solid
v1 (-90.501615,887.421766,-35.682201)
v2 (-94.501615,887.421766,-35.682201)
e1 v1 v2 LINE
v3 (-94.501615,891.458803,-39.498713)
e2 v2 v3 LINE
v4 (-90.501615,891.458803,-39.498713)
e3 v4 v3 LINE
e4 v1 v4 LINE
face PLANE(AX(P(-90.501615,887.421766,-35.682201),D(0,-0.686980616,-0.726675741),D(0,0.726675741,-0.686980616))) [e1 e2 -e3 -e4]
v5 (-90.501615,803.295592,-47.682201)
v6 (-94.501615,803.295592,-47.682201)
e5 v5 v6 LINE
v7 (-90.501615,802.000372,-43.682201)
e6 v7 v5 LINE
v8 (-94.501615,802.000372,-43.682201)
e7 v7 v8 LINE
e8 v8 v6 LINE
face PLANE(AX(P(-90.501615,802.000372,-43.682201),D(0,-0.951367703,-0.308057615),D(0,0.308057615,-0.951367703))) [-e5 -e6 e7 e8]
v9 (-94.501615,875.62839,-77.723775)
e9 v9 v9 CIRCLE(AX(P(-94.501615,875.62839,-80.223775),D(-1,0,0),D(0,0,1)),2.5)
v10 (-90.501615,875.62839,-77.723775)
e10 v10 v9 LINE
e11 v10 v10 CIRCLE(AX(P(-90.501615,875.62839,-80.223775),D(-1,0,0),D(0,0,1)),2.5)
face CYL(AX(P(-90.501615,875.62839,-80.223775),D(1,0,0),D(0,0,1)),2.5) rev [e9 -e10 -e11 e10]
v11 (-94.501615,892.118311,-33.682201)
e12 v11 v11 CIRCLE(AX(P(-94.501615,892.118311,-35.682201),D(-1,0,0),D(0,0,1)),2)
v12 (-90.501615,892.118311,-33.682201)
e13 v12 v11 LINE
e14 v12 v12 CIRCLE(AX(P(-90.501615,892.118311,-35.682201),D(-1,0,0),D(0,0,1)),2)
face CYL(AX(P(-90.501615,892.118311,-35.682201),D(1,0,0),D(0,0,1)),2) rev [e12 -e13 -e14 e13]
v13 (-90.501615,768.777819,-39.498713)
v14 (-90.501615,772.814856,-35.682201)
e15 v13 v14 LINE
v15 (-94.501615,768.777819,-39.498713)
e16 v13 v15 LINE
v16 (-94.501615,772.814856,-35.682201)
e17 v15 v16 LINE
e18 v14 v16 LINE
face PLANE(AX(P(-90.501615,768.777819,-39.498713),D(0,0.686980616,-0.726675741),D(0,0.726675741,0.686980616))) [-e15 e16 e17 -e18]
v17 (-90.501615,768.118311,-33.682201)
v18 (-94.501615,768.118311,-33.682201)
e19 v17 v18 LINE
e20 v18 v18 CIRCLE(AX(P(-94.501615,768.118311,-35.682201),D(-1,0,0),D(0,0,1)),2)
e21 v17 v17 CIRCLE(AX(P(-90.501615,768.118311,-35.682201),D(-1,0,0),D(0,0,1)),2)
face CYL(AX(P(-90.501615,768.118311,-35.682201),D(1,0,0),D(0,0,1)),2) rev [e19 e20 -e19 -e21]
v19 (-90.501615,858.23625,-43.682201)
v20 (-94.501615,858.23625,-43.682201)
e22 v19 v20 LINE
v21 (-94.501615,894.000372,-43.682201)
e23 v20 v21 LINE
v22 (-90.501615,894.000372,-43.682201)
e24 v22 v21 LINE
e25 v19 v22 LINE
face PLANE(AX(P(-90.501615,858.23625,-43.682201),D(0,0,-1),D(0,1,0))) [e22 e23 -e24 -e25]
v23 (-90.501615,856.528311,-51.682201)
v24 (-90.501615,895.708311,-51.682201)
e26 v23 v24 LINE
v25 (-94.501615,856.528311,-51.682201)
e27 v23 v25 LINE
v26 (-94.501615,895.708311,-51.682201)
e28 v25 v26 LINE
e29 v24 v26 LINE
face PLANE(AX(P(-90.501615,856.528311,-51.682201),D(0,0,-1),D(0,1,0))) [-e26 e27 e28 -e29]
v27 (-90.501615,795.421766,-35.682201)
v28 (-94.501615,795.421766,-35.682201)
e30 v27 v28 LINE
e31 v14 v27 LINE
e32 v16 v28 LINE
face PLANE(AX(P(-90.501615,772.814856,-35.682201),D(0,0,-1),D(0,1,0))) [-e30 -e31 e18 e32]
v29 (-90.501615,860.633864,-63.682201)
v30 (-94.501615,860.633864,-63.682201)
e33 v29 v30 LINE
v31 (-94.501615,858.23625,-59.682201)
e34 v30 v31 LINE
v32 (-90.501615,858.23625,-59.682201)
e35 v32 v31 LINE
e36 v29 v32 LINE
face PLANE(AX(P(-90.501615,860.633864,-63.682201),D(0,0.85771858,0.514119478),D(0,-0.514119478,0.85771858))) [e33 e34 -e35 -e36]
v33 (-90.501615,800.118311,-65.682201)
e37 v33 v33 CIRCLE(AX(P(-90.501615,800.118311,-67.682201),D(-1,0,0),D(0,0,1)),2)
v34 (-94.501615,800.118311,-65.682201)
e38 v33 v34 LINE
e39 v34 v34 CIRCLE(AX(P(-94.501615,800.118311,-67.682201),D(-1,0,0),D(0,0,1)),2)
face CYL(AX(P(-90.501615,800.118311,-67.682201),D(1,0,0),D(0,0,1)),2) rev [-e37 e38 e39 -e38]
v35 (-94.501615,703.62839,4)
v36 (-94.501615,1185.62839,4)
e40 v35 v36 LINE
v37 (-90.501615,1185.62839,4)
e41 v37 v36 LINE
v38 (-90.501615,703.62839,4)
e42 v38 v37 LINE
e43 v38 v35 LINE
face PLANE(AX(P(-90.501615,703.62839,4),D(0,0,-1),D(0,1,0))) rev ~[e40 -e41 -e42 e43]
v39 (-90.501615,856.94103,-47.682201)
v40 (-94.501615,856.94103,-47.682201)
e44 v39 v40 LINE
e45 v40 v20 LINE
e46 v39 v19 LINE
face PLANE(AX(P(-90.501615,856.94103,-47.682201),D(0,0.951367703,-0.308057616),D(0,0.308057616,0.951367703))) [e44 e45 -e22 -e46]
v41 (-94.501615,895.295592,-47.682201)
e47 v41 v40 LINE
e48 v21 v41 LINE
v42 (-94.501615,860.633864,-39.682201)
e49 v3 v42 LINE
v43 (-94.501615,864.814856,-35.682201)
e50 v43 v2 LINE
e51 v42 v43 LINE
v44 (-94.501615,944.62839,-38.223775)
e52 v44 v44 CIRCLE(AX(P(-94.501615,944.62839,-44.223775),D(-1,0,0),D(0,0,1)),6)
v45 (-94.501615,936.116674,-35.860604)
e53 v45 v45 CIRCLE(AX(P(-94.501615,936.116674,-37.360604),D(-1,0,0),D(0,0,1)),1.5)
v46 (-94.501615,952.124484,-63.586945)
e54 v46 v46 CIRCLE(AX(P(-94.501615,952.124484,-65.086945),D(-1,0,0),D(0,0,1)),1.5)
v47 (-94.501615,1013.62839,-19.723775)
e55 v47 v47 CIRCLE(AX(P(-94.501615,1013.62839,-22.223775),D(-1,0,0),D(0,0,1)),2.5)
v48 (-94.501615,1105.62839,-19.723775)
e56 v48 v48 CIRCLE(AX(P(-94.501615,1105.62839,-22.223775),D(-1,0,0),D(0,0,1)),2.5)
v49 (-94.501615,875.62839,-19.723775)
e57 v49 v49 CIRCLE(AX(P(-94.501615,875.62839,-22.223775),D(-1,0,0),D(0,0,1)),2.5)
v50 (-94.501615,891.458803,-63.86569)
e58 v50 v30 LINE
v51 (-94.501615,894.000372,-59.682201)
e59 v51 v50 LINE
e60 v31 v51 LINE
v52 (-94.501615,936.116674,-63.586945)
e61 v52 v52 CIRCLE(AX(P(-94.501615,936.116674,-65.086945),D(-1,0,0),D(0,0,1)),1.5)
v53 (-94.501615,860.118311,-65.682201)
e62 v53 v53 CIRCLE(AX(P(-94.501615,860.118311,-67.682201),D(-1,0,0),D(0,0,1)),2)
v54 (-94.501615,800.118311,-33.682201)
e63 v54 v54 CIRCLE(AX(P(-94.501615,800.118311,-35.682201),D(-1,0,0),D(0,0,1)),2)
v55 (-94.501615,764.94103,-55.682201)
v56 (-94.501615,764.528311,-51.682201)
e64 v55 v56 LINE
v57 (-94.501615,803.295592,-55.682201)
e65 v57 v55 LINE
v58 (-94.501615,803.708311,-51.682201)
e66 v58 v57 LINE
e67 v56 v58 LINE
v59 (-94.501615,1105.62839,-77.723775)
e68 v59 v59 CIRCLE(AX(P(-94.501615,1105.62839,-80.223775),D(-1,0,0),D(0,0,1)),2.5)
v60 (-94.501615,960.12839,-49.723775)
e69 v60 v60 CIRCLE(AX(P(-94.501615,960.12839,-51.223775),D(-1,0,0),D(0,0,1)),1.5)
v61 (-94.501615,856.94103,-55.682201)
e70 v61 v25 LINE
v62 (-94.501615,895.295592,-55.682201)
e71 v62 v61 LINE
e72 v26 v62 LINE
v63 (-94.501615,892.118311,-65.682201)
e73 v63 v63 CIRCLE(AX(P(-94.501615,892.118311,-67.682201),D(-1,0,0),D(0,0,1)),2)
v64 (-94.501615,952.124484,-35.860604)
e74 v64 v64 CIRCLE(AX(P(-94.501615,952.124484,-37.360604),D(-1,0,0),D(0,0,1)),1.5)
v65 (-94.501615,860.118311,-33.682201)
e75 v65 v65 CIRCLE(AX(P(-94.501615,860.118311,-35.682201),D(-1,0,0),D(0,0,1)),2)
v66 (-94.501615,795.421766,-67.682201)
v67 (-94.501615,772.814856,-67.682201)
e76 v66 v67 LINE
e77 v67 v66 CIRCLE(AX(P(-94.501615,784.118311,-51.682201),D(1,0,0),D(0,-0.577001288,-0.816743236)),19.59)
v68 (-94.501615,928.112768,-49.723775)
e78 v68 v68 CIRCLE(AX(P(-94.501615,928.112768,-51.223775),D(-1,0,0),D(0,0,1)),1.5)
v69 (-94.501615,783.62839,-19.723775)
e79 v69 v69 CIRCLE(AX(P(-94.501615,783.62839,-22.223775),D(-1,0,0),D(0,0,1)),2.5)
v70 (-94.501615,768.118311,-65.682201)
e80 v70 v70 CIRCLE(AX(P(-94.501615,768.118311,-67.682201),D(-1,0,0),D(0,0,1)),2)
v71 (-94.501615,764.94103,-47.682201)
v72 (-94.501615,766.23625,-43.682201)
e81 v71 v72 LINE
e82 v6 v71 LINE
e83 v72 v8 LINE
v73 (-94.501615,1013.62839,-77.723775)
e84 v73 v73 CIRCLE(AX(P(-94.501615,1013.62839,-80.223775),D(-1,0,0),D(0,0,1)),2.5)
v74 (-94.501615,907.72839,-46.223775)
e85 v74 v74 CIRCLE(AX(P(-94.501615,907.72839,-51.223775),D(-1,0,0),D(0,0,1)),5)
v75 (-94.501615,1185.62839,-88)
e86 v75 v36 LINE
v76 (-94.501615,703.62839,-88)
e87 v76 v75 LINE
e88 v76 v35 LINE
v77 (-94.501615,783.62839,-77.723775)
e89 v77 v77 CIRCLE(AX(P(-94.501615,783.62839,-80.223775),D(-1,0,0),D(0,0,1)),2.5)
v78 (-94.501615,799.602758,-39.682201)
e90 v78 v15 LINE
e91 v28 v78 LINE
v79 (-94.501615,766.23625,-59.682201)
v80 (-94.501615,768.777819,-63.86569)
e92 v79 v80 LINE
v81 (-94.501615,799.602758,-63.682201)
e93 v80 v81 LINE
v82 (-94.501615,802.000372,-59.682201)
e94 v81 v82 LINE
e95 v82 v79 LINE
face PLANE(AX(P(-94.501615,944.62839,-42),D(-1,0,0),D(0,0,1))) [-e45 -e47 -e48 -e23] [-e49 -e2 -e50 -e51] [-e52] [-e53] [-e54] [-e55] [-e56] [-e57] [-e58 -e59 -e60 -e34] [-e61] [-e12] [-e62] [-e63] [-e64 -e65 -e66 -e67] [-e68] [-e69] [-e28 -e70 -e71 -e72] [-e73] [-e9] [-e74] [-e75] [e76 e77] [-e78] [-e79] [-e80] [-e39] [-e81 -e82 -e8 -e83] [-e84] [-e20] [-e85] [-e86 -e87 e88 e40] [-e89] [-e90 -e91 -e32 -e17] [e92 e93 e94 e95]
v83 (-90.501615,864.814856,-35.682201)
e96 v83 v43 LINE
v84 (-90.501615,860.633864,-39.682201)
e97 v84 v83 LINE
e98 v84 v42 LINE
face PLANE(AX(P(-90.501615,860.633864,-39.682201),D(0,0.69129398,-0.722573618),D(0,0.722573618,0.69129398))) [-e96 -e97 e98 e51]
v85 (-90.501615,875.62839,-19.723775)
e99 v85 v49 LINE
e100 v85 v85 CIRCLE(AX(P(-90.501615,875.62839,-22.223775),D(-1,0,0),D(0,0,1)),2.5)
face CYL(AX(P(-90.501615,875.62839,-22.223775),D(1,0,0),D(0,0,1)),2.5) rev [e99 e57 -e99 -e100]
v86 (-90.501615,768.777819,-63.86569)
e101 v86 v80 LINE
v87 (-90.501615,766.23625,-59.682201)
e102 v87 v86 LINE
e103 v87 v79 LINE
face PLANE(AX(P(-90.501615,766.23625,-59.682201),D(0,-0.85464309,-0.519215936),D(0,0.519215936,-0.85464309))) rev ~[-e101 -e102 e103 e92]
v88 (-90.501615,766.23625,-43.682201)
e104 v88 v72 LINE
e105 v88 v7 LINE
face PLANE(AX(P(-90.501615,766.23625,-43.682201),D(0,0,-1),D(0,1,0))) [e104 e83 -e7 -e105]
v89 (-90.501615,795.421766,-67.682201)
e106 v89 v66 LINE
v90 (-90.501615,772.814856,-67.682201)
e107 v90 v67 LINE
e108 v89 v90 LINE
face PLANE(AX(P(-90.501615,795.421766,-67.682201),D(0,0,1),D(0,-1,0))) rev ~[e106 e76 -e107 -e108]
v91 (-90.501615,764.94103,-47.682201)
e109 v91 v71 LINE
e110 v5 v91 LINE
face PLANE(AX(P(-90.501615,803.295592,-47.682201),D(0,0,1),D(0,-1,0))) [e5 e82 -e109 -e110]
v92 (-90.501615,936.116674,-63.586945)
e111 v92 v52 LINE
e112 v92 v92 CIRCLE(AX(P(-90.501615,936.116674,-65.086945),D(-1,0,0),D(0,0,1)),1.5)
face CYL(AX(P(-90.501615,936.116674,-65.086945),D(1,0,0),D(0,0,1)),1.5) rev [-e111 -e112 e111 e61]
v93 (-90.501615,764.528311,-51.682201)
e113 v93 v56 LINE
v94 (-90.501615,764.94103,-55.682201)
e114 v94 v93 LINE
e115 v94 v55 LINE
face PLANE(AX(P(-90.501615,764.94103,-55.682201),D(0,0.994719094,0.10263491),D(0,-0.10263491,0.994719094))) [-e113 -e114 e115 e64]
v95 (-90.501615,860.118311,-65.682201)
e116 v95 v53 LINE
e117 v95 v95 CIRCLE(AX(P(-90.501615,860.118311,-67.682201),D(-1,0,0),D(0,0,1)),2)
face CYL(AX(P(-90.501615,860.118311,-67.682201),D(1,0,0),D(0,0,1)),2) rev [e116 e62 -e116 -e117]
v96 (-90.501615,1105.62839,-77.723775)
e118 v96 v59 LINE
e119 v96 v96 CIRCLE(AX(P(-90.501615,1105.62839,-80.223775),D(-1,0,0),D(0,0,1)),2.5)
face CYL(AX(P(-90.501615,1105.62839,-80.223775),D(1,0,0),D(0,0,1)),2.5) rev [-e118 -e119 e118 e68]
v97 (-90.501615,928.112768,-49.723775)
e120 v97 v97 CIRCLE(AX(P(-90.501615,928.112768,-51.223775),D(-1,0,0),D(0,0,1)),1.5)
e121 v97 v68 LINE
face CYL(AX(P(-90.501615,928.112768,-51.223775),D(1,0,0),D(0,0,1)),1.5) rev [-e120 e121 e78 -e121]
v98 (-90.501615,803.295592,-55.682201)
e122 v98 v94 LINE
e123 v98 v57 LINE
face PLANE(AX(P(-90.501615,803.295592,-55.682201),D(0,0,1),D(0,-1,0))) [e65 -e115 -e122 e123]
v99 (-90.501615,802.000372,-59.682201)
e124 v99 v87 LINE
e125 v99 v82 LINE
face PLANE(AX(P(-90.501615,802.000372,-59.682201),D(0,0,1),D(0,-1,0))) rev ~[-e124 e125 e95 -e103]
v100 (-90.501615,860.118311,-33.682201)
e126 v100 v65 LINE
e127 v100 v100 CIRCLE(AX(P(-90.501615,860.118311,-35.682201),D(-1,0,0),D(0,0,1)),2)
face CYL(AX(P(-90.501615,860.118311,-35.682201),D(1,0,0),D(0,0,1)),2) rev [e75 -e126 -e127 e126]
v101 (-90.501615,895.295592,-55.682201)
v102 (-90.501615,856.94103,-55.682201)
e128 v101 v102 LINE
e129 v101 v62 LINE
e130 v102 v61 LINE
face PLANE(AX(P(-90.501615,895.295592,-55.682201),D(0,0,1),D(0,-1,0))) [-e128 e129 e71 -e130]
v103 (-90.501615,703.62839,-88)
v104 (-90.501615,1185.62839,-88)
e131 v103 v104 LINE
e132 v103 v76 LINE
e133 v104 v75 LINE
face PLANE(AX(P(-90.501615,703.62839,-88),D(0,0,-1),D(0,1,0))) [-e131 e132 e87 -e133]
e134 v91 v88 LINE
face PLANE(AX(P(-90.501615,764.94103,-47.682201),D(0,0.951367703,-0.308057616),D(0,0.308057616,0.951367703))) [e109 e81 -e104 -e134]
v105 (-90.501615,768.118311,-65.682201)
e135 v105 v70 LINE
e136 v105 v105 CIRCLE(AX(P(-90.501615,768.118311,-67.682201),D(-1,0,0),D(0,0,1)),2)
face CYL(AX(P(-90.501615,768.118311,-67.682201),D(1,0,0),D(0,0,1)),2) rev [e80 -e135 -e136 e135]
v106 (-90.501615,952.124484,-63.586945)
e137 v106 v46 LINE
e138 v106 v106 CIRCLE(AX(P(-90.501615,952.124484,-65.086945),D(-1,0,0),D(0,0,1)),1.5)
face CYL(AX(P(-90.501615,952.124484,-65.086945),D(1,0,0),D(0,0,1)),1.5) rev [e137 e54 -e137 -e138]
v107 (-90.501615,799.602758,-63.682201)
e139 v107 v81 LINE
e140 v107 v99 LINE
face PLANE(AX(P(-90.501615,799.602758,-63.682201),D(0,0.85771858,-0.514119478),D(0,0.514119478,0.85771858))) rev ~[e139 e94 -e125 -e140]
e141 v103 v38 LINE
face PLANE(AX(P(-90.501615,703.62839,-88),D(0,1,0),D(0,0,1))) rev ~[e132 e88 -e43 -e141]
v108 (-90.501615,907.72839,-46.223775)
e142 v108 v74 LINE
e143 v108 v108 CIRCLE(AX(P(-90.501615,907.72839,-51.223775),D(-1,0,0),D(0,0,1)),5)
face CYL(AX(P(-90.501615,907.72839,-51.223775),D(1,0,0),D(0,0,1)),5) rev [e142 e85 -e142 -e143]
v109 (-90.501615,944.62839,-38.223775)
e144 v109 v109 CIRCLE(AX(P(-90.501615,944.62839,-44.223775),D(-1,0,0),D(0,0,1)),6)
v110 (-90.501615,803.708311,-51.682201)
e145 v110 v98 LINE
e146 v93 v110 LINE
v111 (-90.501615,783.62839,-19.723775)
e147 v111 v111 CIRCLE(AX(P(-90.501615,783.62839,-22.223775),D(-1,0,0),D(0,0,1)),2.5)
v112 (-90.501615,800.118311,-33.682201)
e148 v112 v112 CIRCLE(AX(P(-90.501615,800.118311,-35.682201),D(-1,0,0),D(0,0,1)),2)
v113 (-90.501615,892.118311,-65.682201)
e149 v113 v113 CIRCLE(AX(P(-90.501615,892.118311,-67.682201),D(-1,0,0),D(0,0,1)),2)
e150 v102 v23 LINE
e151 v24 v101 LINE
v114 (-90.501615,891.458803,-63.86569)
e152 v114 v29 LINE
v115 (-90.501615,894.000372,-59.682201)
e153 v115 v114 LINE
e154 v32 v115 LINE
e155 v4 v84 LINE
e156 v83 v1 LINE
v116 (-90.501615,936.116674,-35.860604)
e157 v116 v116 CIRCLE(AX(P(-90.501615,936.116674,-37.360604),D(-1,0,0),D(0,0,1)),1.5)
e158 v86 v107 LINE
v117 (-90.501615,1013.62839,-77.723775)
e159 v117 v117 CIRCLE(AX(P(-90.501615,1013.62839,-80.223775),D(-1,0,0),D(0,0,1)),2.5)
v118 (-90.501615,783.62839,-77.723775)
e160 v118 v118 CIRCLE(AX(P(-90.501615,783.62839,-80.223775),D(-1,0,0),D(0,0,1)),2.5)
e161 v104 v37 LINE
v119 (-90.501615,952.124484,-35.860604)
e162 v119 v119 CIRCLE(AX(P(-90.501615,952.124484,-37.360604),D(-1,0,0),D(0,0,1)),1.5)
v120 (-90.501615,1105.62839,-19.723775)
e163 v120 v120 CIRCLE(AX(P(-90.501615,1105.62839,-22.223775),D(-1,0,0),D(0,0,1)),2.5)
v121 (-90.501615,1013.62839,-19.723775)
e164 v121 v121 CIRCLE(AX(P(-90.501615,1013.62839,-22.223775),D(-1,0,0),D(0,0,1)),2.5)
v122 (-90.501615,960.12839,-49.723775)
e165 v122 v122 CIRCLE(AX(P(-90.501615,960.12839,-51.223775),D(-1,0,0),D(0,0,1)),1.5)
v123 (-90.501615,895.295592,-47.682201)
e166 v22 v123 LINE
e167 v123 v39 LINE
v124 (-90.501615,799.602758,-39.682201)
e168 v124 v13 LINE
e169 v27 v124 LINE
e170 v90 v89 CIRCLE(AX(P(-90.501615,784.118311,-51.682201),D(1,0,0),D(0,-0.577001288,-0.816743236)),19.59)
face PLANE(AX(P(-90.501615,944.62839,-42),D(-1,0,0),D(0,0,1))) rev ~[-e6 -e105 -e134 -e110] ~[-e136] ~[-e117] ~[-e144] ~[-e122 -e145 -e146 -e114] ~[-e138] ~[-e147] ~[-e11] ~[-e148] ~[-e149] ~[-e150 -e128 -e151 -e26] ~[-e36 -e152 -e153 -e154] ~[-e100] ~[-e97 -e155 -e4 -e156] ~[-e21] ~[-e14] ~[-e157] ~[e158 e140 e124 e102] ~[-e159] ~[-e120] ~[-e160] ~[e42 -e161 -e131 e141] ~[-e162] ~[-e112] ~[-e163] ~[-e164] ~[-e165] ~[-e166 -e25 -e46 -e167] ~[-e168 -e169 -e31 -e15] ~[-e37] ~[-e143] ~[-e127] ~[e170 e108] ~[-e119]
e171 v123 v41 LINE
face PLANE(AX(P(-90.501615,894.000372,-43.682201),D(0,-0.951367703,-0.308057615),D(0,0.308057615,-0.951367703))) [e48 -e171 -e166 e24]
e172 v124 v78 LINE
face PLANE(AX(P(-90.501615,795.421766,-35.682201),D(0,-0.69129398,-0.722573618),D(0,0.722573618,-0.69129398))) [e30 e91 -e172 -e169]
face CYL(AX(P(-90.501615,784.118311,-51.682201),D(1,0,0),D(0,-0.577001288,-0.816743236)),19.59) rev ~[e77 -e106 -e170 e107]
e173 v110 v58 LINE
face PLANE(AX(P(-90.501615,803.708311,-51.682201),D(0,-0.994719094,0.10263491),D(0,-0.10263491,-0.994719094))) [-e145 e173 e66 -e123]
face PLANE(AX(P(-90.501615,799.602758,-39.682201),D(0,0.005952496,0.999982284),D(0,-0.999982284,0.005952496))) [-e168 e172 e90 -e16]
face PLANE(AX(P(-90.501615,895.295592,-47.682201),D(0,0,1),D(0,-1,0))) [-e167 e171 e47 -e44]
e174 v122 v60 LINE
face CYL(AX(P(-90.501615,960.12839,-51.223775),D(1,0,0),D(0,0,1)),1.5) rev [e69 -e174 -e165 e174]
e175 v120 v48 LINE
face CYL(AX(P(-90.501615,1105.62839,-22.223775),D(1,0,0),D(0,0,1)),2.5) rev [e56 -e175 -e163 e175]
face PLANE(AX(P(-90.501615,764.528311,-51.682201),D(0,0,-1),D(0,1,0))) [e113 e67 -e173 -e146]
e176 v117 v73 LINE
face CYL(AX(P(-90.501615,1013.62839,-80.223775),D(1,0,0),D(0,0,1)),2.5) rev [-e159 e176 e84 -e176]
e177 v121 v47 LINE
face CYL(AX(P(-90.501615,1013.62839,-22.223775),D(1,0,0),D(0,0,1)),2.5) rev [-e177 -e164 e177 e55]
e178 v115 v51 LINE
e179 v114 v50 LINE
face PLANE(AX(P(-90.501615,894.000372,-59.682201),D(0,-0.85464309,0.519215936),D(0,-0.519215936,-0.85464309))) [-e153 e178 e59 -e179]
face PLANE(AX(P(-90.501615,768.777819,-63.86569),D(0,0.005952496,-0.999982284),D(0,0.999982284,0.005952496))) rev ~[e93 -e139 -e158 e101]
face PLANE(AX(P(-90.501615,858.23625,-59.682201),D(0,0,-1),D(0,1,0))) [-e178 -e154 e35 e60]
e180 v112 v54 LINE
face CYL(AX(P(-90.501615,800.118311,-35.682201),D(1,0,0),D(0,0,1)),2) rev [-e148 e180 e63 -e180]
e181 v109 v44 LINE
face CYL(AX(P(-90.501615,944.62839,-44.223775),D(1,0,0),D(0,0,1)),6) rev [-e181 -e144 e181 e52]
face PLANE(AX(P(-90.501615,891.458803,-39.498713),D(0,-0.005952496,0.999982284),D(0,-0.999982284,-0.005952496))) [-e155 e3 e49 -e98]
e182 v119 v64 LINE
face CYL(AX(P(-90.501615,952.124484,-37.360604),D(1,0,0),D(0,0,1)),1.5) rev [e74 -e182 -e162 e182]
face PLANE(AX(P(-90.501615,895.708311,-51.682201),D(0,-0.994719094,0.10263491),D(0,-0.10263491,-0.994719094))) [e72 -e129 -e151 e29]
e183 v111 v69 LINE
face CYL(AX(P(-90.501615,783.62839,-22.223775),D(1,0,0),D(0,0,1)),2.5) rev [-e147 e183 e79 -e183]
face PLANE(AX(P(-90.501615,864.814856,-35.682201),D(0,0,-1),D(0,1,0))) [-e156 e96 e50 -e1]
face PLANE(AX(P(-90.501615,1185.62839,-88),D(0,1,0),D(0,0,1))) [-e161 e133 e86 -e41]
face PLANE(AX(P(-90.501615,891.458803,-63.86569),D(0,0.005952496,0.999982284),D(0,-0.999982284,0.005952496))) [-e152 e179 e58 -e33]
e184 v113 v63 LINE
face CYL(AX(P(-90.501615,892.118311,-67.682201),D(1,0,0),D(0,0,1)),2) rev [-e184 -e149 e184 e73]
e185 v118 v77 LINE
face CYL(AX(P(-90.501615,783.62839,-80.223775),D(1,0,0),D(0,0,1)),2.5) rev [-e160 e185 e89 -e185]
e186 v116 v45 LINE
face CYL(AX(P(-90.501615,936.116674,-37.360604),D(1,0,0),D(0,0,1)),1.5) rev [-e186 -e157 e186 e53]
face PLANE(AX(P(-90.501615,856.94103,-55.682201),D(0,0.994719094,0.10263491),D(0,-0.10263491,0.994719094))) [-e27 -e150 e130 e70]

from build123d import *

# Parameters (mm, degrees)
CROQUIS3_W              = 92
CROQUIS3_H              = 482
CROQUIS3_R              = 2.5
CROQUIS3_R_2            = 2
CROQUIS3_R_3            = 5
CROQUIS3_R_4            = 1.5
CROQUIS3_R_5            = 6
SALIENTE_EXTRUIR1_DEPTH = 4


with BuildPart() as part:
    # Croquis3 → Saliente-Extruir1 (new body)
    with BuildSketch(Plane.ZY.offset(90.501614904)):
        with Locations((-42, 944.628389678)):
            Rectangle(CROQUIS3_W, CROQUIS3_H)
        with Locations((-80.223774801, 783.628389678)):
            Circle(CROQUIS3_R, mode=Mode.SUBTRACT)
        with Locations((-67.682201304, 768.118311041)):
            Circle(CROQUIS3_R_2, mode=Mode.SUBTRACT)
        with Locations((-67.682201304, 800.118311041)):
            Circle(CROQUIS3_R_2, mode=Mode.SUBTRACT)
        with Locations((-35.682201304, 800.118311041)):
            Circle(CROQUIS3_R_2, mode=Mode.SUBTRACT)
        with Locations((-35.682201304, 768.118311041)):
            Circle(CROQUIS3_R_2, mode=Mode.SUBTRACT)
        with Locations((-22.223774801, 783.628389678)):
            Circle(CROQUIS3_R, mode=Mode.SUBTRACT)
        with Locations((-67.682201304, 860.118311041)):
            Circle(CROQUIS3_R_2, mode=Mode.SUBTRACT)
        with Locations((-67.682201304, 892.118311041)):
            Circle(CROQUIS3_R_2, mode=Mode.SUBTRACT)
        with Locations((-35.682201304, 892.118311041)):
            Circle(CROQUIS3_R_2, mode=Mode.SUBTRACT)
        with Locations((-35.682201304, 860.118311041)):
            Circle(CROQUIS3_R_2, mode=Mode.SUBTRACT)
        with Locations((-22.223774801, 875.628389678)):
            Circle(CROQUIS3_R, mode=Mode.SUBTRACT)
        with Locations((-51.223774801, 907.728389678)):
            Circle(CROQUIS3_R_3, mode=Mode.SUBTRACT)
        with Locations((-51.223774801, 928.11276849)):
            Circle(CROQUIS3_R_4, mode=Mode.SUBTRACT)
        with Locations((-44.223774801, 944.628389678)):
            Circle(CROQUIS3_R_5, mode=Mode.SUBTRACT)
        with Locations((-37.360604168, 936.116673787)):
            Circle(CROQUIS3_R_4, mode=Mode.SUBTRACT)
        with Locations((-37.360604168, 952.124484381)):
            Circle(CROQUIS3_R_4, mode=Mode.SUBTRACT)
        with Locations((-51.223774801, 960.128389678)):
            Circle(CROQUIS3_R_4, mode=Mode.SUBTRACT)
        with Locations((-65.086945434, 952.124484381)):
            Circle(CROQUIS3_R_4, mode=Mode.SUBTRACT)
        with Locations((-65.086945434, 936.116673787)):
            Circle(CROQUIS3_R_4, mode=Mode.SUBTRACT)
        with Locations((-80.223774801, 1013.628389678)):
            Circle(CROQUIS3_R, mode=Mode.SUBTRACT)
        with Locations((-22.223774801, 1013.628389678)):
            Circle(CROQUIS3_R, mode=Mode.SUBTRACT)
        with Locations((-22.223774801, 1105.628389678)):
            Circle(CROQUIS3_R, mode=Mode.SUBTRACT)
        with Locations((-80.223774801, 1105.628389678)):
            Circle(CROQUIS3_R, mode=Mode.SUBTRACT)
        with Locations((-80.223774801, 875.628389678)):
            Circle(CROQUIS3_R, mode=Mode.SUBTRACT)
        with BuildLine():
            Line((-67.682201304, 795.421766265), (-67.682201304, 772.814855817))
            ThreePointArc((-67.682201304, 772.814855817), (-71.272201304, 784.118311041), (-67.682201304, 795.421766265))
        make_face(mode=Mode.SUBTRACT)
        Polygon((-59.682201304, 802.000371885), (-59.682201304, 766.236250198), (-63.865689893, 768.777818683), (-63.682201304, 799.602758077), align=None, mode=Mode.SUBTRACT)
        Polygon((-55.682201304, 803.29559187), (-55.682201304, 764.941030212), (-51.682201304, 764.528311041), (-51.682201304, 803.708311041), align=None, mode=Mode.SUBTRACT)
        Polygon((-47.682201304, 803.29559187), (-47.682201304, 764.941030212), (-43.682201304, 766.236250198), (-43.682201304, 802.000371885), align=None, mode=Mode.SUBTRACT)
        Polygon((-39.682201304, 799.602758077), (-39.498712715, 768.777818683), (-35.682201304, 772.814855817), (-35.682201304, 795.421766265), align=None, mode=Mode.SUBTRACT)
        Polygon((-35.682201304, 887.421766265), (-39.498712715, 891.4588034), (-39.682201304, 860.633864006), (-35.682201304, 864.814855817), align=None, mode=Mode.SUBTRACT)
        Polygon((-43.682201304, 894.000371885), (-47.682201304, 895.29559187), (-47.682201304, 856.941030212), (-43.682201304, 858.236250198), align=None, mode=Mode.SUBTRACT)
        Polygon((-51.682201304, 895.708311041), (-55.682201304, 895.29559187), (-55.682201304, 856.941030212), (-51.682201304, 856.528311041), align=None, mode=Mode.SUBTRACT)
        Polygon((-59.682201304, 894.000371885), (-63.865689893, 891.4588034), (-63.682201304, 860.633864006), (-59.682201304, 858.236250198), align=None, mode=Mode.SUBTRACT)
    extrude(amount=SALIENTE_EXTRUIR1_DEPTH)


solid = part.part
